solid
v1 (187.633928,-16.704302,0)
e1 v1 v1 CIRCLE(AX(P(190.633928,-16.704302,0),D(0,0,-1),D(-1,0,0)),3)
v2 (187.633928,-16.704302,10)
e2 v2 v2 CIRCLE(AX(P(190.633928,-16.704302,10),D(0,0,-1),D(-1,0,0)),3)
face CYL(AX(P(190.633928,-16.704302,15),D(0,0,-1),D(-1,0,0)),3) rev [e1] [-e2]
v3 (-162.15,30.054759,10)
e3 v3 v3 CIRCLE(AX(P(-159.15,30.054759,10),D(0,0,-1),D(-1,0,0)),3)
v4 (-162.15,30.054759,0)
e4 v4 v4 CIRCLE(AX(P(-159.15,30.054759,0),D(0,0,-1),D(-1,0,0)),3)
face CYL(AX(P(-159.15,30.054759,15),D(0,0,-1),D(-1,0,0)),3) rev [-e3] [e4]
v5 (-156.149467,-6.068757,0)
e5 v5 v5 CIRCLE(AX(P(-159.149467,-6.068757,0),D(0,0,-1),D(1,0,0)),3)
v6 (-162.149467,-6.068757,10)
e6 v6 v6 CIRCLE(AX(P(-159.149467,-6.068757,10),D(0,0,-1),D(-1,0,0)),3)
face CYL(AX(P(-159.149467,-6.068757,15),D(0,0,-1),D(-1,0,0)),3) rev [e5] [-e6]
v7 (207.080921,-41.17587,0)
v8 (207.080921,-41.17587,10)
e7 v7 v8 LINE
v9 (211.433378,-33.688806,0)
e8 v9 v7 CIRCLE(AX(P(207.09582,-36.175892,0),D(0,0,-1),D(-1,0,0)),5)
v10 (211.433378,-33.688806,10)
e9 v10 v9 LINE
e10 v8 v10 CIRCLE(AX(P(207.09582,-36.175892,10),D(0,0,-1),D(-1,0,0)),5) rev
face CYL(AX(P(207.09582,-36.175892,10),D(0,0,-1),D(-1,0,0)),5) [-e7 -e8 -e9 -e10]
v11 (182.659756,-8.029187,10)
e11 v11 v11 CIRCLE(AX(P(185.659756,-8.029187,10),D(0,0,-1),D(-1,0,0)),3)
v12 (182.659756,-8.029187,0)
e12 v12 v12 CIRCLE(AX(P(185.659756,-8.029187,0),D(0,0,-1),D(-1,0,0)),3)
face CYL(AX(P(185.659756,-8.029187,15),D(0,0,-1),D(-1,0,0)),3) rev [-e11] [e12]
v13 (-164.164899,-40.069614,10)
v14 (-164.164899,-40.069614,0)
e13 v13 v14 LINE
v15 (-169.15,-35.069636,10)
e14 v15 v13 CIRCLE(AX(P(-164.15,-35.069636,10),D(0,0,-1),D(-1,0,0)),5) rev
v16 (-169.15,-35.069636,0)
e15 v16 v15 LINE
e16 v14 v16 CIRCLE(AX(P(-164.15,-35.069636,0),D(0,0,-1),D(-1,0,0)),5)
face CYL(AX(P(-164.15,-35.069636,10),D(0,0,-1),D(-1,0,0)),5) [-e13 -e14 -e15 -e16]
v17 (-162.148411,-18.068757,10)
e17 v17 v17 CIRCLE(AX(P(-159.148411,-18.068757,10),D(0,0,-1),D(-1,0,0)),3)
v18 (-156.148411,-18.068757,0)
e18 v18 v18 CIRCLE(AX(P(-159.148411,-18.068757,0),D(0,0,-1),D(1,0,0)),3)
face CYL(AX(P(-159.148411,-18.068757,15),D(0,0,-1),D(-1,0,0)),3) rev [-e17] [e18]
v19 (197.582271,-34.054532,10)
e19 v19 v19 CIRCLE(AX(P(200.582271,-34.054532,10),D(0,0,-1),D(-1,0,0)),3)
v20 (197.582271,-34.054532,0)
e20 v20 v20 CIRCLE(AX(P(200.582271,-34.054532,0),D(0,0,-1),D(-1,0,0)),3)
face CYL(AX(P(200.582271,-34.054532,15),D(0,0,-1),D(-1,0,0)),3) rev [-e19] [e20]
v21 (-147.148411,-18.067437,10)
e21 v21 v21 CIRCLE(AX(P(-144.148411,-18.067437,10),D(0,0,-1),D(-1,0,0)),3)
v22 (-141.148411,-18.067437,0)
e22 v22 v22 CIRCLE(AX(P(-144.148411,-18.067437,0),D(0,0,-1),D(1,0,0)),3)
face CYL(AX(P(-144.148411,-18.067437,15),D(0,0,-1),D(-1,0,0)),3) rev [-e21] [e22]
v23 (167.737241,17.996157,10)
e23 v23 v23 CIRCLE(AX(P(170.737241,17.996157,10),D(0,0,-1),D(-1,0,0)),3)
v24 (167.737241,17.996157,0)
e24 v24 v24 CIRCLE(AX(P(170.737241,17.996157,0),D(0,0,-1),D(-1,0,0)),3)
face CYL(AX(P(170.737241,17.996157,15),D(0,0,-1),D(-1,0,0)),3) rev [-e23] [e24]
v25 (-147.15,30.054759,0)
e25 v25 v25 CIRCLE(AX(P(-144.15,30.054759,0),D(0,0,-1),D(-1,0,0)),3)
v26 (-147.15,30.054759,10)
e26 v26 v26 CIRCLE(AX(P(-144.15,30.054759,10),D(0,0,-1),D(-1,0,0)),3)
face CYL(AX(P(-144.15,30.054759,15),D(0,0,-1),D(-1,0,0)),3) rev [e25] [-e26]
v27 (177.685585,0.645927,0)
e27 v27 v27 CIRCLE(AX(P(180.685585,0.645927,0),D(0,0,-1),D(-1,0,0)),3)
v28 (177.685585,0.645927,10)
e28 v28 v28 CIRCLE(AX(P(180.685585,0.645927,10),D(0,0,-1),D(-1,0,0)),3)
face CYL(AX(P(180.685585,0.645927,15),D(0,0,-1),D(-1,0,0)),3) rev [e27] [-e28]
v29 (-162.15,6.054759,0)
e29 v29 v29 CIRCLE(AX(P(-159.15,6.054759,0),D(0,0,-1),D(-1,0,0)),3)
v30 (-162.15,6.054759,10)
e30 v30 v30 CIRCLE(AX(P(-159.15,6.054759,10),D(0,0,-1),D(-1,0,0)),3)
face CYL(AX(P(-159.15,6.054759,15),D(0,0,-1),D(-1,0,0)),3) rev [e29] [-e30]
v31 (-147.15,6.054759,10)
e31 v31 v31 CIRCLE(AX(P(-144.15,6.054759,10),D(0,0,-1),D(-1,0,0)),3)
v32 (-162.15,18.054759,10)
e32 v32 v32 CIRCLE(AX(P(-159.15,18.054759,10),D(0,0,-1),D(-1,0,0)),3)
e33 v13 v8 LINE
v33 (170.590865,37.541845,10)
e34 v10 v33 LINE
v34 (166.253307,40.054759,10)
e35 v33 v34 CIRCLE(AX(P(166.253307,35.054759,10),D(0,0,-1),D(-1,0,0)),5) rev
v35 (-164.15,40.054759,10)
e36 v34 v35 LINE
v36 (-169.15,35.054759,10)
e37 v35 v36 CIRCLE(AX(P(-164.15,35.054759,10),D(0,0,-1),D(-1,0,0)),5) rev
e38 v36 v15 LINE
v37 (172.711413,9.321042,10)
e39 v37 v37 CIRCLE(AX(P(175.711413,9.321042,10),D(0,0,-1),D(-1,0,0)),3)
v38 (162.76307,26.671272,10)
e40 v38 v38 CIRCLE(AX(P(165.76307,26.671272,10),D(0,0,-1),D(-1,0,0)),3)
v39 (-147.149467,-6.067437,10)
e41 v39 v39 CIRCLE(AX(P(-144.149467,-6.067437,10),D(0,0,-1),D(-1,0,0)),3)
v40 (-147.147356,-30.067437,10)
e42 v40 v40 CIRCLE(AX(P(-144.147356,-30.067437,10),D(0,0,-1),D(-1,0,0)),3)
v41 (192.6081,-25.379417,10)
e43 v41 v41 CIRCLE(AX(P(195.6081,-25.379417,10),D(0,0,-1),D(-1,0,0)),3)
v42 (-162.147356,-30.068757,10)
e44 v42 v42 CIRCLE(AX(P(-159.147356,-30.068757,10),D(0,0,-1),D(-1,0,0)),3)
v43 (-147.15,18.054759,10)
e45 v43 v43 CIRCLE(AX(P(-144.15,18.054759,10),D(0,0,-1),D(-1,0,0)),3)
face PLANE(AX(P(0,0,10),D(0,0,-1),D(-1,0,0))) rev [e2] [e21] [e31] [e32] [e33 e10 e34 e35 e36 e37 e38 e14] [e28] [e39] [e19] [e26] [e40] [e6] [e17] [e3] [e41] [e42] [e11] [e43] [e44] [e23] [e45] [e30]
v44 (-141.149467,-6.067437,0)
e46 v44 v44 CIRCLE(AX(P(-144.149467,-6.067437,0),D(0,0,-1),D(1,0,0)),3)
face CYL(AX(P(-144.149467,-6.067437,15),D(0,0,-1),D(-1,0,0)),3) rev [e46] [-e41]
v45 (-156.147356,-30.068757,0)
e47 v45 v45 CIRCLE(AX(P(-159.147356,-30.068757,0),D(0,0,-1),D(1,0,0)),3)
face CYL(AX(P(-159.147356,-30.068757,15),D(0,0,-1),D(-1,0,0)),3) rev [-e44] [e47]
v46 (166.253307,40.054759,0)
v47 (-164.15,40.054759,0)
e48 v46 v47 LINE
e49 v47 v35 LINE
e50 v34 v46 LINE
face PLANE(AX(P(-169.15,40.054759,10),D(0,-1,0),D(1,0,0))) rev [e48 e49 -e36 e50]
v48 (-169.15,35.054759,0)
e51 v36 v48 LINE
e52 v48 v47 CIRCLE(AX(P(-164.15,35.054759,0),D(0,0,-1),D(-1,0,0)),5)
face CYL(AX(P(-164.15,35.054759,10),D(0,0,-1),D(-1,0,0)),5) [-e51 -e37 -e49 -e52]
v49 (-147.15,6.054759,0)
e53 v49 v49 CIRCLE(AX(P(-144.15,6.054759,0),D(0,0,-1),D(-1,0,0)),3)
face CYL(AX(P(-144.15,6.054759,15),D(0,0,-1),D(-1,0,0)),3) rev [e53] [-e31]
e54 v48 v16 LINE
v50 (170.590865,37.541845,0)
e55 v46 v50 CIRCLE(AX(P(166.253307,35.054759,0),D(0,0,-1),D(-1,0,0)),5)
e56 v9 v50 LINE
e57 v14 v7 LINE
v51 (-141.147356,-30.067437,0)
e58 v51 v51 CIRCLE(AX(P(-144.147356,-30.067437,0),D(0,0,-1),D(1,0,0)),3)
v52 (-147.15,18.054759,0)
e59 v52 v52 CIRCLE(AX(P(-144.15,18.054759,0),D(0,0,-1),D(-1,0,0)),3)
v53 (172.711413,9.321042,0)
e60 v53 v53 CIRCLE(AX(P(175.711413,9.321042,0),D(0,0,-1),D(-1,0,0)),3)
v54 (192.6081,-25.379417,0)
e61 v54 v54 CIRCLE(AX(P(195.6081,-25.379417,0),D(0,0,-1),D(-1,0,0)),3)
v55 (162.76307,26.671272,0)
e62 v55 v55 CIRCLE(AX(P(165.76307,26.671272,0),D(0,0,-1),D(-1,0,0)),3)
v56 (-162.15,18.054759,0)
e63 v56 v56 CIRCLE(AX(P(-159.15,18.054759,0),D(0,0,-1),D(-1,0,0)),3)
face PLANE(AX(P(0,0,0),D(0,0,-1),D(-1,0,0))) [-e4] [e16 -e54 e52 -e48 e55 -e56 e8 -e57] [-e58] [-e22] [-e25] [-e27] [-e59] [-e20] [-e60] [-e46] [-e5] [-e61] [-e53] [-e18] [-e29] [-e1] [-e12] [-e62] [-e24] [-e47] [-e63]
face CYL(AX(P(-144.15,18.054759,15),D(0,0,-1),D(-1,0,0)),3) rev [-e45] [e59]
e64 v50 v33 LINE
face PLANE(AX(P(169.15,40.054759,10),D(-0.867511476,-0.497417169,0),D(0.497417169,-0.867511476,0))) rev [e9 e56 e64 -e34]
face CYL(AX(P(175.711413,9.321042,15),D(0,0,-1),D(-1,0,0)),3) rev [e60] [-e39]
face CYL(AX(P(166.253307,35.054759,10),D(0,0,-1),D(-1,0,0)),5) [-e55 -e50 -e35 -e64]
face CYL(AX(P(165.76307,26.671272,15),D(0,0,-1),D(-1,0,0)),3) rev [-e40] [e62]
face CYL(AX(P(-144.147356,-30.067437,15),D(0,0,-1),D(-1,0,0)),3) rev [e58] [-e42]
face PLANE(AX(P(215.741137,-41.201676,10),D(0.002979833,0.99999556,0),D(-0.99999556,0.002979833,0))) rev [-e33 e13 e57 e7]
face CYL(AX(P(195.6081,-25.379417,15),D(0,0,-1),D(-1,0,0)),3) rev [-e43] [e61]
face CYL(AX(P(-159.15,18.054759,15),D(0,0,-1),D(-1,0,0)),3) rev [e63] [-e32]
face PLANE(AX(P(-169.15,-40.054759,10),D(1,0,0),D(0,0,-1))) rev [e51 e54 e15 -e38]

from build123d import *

# Parameters (mm, degrees)
BOSS_EXTRUDE1_DEPTH = 10
FILLET1_R           = 5
SKETCH2_R           = 3
CUT_EXTRUDE1_DEPTH  = 15


with BuildPart() as part:
    # Sketch1 → Boss-Extrude1 (new body)
    with BuildSketch(Plane.XY):
        Polygon((-169.15, 40.054759159), (169.15, 40.054759159), (215.74113672, -41.201675672), (-169.15, -40.054759159), align=None)
    extrude(amount=BOSS_EXTRUDE1_DEPTH)

    # Fillet1
    fillet1_edges = [part.edges().sort_by_distance(p)[0] for p in [
        (-169.15, 40.054759159, 5),
        (169.15, 40.054759159, 5),
        (215.74113672, -41.201675672, 5),
        (-169.15, -40.054759159, 5),
    ]]
    fillet(fillet1_edges, radius=FILLET1_R)

    # Sketch2 → Cut-Extrude1 (cut)
    with BuildSketch(Plane(origin=(0, 0, 0), x_dir=(-1, 0, 0), z_dir=(0, 0, -1))):
        with Locations((144.15, 30.054759159)):
            Circle(SKETCH2_R)
        with Locations((159.15, 30.054759159)):
            Circle(SKETCH2_R)
        with Locations((159.15, 18.054759159)):
            Circle(SKETCH2_R)
        with Locations((159.15, 6.054759159)):
            Circle(SKETCH2_R)
        with Locations((144.15, 18.054759159)):
            Circle(SKETCH2_R)
        with Locations((144.15, 6.054759159)):
            Circle(SKETCH2_R)
        with Locations((144.149466916, -6.067437377)):
            Circle(SKETCH2_R)
        with Locations((144.148411495, -18.06743733)):
            Circle(SKETCH2_R)
        with Locations((159.149466858, -6.068756652)):
            Circle(SKETCH2_R)
        with Locations((159.148411437, -18.068756606)):
            Circle(SKETCH2_R)
        with Locations((159.147356017, -30.06875656)):
            Circle(SKETCH2_R)
        with Locations((144.147356075, -30.067437284)):
            Circle(SKETCH2_R)
        with Locations((-165.763069515, 26.671271591)):
            Circle(SKETCH2_R)
        with Locations((-195.608099644, -25.379416941)):
            Circle(SKETCH2_R)
        with Locations((-190.633927956, -16.704302185)):
            Circle(SKETCH2_R)
        with Locations((-185.659756267, -8.02918743)):
            Circle(SKETCH2_R)
        with Locations((-180.685584579, 0.645927325)):
            Circle(SKETCH2_R)
        with Locations((-175.711412891, 9.32104208)):
            Circle(SKETCH2_R)
        with Locations((-170.737241203, 17.996156836)):
            Circle(SKETCH2_R)
        with Locations((-200.582271332, -34.054531696)):
            Circle(SKETCH2_R)
    extrude(amount=-CUT_EXTRUDE1_DEPTH, mode=Mode.SUBTRACT)


solid = part.part
